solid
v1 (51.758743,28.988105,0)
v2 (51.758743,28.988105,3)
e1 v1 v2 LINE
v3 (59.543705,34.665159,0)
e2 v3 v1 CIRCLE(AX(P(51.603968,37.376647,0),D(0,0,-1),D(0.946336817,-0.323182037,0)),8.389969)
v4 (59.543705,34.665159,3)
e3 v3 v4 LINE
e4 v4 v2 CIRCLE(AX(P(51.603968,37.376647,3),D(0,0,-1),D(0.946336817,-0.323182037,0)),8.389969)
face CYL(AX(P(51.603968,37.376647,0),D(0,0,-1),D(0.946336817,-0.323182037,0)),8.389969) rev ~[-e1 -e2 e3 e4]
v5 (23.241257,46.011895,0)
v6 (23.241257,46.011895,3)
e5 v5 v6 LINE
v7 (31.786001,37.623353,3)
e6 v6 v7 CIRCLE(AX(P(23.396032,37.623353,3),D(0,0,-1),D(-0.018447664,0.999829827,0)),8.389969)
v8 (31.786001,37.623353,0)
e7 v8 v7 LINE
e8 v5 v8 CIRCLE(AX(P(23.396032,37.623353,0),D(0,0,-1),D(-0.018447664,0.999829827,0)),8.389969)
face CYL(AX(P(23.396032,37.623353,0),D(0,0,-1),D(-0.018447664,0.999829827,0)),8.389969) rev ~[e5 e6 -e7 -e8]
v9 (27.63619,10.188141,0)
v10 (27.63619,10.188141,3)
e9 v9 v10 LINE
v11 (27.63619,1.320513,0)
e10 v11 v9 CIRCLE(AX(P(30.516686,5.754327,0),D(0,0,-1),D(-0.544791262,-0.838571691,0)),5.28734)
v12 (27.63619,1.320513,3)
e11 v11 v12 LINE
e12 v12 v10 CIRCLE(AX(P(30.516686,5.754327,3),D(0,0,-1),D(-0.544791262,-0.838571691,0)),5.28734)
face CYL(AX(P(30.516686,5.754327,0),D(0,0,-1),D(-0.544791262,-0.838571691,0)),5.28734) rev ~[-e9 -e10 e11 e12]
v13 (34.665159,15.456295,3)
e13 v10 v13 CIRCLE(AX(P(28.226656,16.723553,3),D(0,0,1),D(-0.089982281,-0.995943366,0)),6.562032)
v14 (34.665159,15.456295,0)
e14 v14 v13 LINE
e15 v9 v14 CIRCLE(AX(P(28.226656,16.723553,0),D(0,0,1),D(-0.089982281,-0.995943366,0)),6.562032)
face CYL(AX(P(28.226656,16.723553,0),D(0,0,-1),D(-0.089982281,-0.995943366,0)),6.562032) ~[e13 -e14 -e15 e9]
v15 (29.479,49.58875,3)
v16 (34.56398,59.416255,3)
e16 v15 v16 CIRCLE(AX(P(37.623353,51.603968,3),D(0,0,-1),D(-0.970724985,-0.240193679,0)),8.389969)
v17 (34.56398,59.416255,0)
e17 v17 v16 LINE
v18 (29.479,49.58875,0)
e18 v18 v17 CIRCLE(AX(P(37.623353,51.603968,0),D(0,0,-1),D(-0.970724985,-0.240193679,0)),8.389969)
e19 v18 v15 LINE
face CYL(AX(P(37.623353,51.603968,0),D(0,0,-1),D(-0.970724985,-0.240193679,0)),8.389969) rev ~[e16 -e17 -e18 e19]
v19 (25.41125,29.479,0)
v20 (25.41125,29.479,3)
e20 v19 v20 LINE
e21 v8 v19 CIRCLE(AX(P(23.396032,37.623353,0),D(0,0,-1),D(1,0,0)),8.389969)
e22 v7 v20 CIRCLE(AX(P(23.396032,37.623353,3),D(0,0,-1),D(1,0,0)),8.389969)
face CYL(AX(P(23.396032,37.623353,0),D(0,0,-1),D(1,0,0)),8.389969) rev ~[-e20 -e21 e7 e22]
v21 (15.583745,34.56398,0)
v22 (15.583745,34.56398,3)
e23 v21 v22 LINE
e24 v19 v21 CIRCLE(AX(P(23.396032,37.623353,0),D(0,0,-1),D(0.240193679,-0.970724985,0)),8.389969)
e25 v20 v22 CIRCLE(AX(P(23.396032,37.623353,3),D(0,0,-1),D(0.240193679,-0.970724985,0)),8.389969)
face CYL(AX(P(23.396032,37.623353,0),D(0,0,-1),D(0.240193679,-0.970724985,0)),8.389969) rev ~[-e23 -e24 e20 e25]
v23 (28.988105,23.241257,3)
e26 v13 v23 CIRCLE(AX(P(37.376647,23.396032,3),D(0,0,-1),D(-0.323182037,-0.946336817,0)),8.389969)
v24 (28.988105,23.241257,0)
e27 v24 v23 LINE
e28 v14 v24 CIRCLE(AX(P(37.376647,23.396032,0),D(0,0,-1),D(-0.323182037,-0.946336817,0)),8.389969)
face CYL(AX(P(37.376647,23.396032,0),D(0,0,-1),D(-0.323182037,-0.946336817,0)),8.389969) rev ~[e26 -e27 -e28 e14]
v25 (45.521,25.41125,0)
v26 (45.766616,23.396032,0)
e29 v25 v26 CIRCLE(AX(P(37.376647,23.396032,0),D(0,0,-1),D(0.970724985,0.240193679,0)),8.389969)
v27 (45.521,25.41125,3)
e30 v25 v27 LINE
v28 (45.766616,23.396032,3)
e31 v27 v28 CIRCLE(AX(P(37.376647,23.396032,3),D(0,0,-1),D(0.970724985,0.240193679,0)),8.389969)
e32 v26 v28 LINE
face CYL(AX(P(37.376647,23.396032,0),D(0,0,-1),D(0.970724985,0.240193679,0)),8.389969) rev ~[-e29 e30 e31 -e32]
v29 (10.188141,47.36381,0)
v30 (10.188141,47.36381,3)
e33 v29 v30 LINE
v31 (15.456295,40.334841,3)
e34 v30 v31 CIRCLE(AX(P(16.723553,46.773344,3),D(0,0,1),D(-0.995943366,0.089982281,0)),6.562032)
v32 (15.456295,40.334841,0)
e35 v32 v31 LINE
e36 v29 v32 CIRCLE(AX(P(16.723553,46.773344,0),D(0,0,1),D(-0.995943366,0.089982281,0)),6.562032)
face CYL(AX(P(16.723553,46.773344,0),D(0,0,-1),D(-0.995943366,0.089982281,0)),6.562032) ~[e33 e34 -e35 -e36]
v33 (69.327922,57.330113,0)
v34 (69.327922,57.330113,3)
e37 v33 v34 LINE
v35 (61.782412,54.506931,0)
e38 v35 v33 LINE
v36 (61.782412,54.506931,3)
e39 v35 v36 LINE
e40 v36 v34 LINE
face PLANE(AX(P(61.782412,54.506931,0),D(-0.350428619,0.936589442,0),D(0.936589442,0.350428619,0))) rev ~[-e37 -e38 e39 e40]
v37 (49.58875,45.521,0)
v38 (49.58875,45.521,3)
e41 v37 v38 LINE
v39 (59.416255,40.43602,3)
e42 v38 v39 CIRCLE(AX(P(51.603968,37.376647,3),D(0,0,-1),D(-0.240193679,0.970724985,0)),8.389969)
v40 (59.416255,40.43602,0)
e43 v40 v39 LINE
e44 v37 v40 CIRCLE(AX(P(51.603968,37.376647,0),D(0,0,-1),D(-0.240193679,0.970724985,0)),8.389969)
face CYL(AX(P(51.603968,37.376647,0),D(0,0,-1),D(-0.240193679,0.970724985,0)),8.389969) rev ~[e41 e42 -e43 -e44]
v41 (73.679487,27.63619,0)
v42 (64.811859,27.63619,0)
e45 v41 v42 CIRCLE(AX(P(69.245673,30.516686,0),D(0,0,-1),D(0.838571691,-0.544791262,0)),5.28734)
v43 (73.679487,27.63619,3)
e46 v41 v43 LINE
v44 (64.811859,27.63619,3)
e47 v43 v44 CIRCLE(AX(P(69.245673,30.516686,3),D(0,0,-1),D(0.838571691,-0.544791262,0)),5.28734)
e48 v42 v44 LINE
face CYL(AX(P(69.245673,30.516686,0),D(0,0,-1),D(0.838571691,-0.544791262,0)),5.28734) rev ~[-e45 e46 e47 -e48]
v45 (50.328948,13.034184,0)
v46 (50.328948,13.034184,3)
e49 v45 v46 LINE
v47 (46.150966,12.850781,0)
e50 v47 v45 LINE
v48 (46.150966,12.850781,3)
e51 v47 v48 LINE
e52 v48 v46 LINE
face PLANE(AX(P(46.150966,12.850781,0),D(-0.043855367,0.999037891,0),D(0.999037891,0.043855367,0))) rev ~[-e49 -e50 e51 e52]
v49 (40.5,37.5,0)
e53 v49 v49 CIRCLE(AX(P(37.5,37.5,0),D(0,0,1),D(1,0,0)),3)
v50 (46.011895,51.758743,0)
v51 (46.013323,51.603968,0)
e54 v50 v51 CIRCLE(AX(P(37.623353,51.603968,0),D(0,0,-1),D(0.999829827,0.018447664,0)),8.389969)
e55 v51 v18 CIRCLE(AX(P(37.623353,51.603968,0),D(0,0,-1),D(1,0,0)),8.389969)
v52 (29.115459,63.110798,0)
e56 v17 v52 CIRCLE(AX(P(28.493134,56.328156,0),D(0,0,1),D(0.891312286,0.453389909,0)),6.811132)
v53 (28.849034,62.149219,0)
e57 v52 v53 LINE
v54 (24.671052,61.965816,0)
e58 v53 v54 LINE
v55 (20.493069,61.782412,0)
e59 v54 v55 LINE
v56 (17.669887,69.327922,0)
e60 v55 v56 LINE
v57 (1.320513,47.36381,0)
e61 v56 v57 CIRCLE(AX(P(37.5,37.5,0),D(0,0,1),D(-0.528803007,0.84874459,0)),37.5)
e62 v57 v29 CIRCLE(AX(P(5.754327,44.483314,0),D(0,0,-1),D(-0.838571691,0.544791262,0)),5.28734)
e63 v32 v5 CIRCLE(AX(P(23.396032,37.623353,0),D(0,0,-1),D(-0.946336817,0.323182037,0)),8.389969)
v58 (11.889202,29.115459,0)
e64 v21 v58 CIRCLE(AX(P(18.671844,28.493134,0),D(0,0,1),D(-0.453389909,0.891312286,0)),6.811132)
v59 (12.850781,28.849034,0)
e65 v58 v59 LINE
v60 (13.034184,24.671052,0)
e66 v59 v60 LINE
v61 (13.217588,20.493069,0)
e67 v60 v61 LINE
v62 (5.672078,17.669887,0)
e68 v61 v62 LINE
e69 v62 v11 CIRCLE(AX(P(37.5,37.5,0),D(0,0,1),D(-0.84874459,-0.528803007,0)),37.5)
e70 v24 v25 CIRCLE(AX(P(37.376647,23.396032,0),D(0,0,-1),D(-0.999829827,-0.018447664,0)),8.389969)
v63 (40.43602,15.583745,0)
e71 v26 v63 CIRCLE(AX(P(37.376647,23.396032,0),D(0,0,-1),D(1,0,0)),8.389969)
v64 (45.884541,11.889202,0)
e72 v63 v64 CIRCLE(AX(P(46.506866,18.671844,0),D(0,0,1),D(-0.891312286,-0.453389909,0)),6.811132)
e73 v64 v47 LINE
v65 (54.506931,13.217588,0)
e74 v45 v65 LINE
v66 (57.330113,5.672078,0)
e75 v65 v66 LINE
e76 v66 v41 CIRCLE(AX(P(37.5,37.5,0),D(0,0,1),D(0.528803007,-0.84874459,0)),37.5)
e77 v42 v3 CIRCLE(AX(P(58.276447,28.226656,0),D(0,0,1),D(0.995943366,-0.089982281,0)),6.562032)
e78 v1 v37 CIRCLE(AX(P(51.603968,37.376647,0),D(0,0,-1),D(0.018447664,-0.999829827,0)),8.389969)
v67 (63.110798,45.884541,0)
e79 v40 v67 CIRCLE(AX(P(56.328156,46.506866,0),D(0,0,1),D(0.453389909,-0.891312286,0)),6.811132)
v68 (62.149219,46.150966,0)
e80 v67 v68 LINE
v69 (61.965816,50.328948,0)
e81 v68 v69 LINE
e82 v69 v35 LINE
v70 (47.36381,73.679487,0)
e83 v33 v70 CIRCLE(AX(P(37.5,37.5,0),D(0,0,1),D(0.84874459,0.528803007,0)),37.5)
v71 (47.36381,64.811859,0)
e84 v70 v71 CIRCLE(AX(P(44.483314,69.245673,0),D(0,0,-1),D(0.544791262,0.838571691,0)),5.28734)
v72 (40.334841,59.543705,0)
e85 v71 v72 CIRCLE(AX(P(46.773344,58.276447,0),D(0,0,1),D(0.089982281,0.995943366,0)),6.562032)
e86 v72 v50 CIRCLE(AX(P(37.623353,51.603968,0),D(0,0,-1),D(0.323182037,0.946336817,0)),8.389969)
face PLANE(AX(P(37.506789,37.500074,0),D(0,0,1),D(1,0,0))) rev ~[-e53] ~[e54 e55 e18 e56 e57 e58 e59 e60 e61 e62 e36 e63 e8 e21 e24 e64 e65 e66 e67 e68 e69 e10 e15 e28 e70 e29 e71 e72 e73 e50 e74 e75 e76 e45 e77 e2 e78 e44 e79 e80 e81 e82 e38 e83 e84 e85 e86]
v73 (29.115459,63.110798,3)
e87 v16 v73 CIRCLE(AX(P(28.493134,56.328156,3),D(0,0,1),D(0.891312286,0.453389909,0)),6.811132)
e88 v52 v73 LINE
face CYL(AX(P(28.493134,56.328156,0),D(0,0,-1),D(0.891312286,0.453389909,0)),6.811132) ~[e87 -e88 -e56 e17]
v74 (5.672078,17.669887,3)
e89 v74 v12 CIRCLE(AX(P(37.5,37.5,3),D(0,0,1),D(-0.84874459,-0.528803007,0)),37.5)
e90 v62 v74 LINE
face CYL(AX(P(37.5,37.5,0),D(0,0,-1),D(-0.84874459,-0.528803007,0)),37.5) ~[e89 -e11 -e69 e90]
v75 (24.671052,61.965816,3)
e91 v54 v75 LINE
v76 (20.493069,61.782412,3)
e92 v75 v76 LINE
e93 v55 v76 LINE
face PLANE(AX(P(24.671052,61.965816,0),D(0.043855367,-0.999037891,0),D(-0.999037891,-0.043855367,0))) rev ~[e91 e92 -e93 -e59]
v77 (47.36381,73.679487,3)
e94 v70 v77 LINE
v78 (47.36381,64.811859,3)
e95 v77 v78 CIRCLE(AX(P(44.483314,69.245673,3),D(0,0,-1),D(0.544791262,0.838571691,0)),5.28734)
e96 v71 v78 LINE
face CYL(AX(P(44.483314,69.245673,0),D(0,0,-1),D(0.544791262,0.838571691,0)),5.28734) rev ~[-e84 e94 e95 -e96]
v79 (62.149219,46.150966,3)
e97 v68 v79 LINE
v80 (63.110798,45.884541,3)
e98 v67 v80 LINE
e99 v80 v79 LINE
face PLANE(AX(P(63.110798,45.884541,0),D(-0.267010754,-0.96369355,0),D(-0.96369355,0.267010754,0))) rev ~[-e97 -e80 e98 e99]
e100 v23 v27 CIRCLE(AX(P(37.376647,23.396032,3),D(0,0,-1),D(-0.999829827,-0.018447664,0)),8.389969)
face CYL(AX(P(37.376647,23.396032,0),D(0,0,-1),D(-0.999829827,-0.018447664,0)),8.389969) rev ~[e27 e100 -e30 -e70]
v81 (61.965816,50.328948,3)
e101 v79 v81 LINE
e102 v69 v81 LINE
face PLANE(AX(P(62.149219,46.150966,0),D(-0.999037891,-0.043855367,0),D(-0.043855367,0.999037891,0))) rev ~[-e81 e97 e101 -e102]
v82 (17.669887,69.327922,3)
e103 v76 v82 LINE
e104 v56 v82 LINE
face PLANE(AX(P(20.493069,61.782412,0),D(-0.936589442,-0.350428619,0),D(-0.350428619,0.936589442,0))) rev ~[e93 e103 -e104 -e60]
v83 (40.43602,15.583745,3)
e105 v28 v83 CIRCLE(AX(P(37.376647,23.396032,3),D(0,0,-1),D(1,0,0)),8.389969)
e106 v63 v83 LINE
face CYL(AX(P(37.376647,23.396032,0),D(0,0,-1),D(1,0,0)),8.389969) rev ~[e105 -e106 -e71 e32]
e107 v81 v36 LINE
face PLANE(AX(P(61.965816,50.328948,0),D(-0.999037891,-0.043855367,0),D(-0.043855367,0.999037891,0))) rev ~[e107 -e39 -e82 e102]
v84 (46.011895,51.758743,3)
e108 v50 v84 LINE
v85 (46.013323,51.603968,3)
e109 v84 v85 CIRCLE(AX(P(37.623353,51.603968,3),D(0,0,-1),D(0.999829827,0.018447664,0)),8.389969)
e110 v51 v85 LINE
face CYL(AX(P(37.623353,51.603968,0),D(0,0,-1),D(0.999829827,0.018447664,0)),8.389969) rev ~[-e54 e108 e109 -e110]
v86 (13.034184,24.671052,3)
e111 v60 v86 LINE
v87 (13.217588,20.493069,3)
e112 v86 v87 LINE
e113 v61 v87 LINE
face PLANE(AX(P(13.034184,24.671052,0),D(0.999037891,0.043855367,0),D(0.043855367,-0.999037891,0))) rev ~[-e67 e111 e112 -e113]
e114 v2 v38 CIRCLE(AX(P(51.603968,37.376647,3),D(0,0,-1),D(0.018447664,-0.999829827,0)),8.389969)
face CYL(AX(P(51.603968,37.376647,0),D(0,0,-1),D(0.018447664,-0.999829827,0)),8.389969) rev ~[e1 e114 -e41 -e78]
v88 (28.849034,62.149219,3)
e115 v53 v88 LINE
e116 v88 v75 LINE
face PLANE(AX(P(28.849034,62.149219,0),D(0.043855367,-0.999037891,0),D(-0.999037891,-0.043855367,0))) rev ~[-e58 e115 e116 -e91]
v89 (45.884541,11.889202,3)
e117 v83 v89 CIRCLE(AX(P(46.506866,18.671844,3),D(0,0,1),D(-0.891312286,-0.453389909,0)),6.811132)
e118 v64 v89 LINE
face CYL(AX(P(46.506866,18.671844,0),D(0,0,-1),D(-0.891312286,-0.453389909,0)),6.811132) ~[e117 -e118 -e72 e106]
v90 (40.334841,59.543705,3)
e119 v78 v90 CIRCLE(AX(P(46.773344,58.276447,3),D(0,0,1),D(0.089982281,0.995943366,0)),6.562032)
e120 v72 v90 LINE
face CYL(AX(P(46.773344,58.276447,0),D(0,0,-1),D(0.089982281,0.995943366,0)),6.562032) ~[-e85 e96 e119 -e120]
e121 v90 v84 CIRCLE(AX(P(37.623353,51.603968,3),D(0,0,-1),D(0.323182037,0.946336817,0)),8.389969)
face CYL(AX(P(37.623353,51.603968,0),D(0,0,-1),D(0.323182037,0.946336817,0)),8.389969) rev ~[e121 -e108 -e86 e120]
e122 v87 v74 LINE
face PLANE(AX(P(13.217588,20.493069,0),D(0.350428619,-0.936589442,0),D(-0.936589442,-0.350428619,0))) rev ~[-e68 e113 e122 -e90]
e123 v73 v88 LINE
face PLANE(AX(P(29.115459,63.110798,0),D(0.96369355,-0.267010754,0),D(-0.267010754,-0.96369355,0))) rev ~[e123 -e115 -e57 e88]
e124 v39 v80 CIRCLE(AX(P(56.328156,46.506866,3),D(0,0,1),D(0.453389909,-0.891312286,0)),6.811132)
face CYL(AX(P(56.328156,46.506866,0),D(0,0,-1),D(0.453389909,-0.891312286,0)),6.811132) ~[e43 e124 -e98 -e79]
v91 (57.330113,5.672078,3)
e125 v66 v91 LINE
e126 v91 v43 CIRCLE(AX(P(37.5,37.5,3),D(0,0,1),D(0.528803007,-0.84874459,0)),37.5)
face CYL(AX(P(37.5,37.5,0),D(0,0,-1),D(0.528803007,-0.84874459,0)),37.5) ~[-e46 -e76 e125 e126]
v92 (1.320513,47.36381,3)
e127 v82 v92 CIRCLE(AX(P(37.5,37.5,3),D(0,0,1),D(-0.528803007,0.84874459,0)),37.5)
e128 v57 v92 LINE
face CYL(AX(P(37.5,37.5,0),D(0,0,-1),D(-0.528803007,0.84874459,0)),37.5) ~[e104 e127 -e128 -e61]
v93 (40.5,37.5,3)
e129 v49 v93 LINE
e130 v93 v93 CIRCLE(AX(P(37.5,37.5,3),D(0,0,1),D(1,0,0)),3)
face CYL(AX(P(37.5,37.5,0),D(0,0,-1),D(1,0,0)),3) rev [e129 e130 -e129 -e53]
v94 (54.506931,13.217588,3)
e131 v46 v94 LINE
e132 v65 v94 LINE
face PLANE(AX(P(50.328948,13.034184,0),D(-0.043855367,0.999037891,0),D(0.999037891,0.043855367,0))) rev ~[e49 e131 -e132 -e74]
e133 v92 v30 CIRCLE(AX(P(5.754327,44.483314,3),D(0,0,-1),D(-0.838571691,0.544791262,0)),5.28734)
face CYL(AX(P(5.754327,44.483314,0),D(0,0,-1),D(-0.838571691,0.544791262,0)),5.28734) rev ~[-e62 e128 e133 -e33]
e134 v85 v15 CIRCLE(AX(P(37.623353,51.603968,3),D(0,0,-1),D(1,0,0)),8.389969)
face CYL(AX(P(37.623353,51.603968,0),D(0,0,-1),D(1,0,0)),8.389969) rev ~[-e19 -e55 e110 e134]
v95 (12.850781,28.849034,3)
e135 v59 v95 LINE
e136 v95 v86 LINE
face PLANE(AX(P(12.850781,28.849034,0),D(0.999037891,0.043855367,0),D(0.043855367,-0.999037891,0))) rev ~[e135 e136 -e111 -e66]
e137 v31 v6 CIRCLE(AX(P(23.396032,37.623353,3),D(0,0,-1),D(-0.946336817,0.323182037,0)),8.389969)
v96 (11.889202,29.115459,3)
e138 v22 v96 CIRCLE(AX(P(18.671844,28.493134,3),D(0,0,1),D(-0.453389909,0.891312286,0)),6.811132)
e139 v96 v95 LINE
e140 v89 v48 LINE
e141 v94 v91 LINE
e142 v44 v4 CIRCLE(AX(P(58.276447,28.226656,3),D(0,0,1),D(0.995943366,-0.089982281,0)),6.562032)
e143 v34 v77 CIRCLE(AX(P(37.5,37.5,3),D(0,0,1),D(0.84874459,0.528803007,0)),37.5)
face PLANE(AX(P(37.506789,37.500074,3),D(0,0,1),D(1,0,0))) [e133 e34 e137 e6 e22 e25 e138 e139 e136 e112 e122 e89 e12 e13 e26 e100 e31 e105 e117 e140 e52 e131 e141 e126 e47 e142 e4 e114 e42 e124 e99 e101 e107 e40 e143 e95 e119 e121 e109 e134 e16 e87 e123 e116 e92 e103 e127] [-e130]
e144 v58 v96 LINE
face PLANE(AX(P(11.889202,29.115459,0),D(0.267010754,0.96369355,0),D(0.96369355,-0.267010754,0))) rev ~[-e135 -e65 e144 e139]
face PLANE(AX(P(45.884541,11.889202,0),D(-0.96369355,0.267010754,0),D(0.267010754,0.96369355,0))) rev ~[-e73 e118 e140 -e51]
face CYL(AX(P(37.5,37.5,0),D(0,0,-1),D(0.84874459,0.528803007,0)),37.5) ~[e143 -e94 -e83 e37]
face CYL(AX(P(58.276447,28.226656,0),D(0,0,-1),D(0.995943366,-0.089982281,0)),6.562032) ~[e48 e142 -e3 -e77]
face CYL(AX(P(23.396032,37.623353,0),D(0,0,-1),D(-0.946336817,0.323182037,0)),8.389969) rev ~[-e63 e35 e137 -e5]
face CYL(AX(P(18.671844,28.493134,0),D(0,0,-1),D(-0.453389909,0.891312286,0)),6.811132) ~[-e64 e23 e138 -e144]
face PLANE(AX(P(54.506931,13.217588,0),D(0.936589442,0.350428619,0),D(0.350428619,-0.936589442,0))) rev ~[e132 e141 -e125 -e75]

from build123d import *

# Parameters (mm, degrees)
F0_R     = 3
F1_DEPTH = 3


with BuildPart() as f1:
    # F0 (on Top) → F1 (new body)
    with BuildSketch(Plane.XY):
        with BuildLine():
            ThreePointArc((57.3301127781, 5.6720778685), (67.5811295865, 15.1085810454), (73.679486557, 27.6361897588))
            ThreePointArc((73.679486557, 27.6361897588), (69.2456728253, 25.2293463411), (64.8118590936, 27.6361897588))
            ThreePointArc((64.8118590936, 27.6361897588), (63.5273534072, 32.1621670241), (59.5437049903, 34.6651593043))
            ThreePointArc((59.5437049903, 34.6651593043), (56.5473999136, 30.5977037223), (51.7587434047, 28.9881050568))
            ThreePointArc((51.7587434047, 28.9881050568), (43.2853466758, 36.2848022119), (49.588750459, 45.5209996029))
            ThreePointArc((49.588750459, 45.5209996029), (55.4595817481, 44.828212266), (59.4162546646, 40.4360199032))
            ThreePointArc((59.4162546646, 40.4360199032), (61.9654848992, 42.6842952192), (63.1107981169, 45.8845411972))
            Line((63.1107981169, 45.8845411972), (62.1492189347, 46.1509661226))
            Line((62.1492189347, 46.1509661226), (61.9658155367, 50.3289483488))
            Line((61.9658155367, 50.3289483488), (61.7824121386, 54.5069305749))
            Line((61.7824121386, 54.5069305749), (69.3279221315, 57.3301127781))
            ThreePointArc((69.3279221315, 57.3301127781), (59.8914189546, 67.5811295865), (47.3638102412, 73.679486557))
            ThreePointArc((47.3638102412, 73.679486557), (49.7706536589, 69.2456728253), (47.3638102412, 64.8118590936))
            ThreePointArc((47.3638102412, 64.8118590936), (42.8378329759, 63.5273534072), (40.3348406957, 59.5437049903))
            ThreePointArc((40.3348406957, 59.5437049903), (44.4022962777, 56.5473999136), (46.0118949432, 51.7587434047))
            ThreePointArc((46.0118949432, 51.7587434047), (46.012965743, 51.6813590294), (46.0133226864, 51.603968069))
            ThreePointArc((46.0133226864, 51.603968069), (38.6384185061, 43.2756291652), (29.4790003971, 49.588750459))
            ThreePointArc((29.4790003971, 49.588750459), (30.171787734, 55.4595817481), (34.5639800968, 59.4162546646))
            ThreePointArc((34.5639800968, 59.4162546646), (32.3157047808, 61.9654848992), (29.1154588028, 63.1107981169))
            Line((29.1154588028, 63.1107981169), (28.8490338774, 62.1492189347))
            Line((28.8490338774, 62.1492189347), (24.6710516512, 61.9658155367))
            Line((24.6710516512, 61.9658155367), (20.4930694251, 61.7824121386))
            Line((20.4930694251, 61.7824121386), (17.6698872219, 69.3279221315))
            ThreePointArc((17.6698872219, 69.3279221315), (7.4188704135, 59.8914189546), (1.320513443, 47.3638102412))
            ThreePointArc((1.320513443, 47.3638102412), (5.7543271747, 49.7706536589), (10.1881409064, 47.3638102412))
            ThreePointArc((10.1881409064, 47.3638102412), (11.4726465928, 42.8378329759), (15.4562950097, 40.3348406957))
            ThreePointArc((15.4562950097, 40.3348406957), (18.4526000864, 44.4022962777), (23.2412565953, 46.0118949432))
            ThreePointArc((23.2412565953, 46.0118949432), (29.2736601064, 43.6104288236), (31.786001315, 37.6233533025))
            ThreePointArc((31.786001315, 37.6233533025), (30.0028163347, 32.4520878764), (25.411249541, 29.4790003971))
            ThreePointArc((25.411249541, 29.4790003971), (19.5404182519, 30.171787734), (15.5837453354, 34.5639800968))
            ThreePointArc((15.5837453354, 34.5639800968), (13.0345151008, 32.3157047808), (11.8892018831, 29.1154588028))
            Line((11.8892018831, 29.1154588028), (12.8507810653, 28.8490338774))
            Line((12.8507810653, 28.8490338774), (13.0341844633, 24.6710516512))
            Line((13.0341844633, 24.6710516512), (13.2175878614, 20.4930694251))
            Line((13.2175878614, 20.4930694251), (5.6720778685, 17.6698872219))
            ThreePointArc((5.6720778685, 17.6698872219), (15.1085810454, 7.4188704135), (27.6361897588, 1.320513443))
            ThreePointArc((27.6361897588, 1.320513443), (25.2293463411, 5.7543271747), (27.6361897588, 10.1881409064))
            ThreePointArc((27.6361897588, 10.1881409064), (32.1621670241, 11.4726465928), (34.6651593043, 15.4562950097))
            ThreePointArc((34.6651593043, 15.4562950097), (30.5977037223, 18.4526000864), (28.9881050568, 23.2412565953))
            ThreePointArc((28.9881050568, 23.2412565953), (36.2848022119, 31.7146533242), (45.5209996029, 25.411249541))
            ThreePointArc((45.5209996029, 25.411249541), (45.7049856013, 24.4110971346), (45.7666160814, 23.396031931))
            ThreePointArc((45.7666160814, 23.396031931), (44.3070014429, 18.6672086771), (40.4360199032, 15.5837453354))
            ThreePointArc((40.4360199032, 15.5837453354), (42.6842952192, 13.0345151008), (45.8845411972, 11.8892018831))
            Line((45.8845411972, 11.8892018831), (46.1509661226, 12.8507810653))
            Line((46.1509661226, 12.8507810653), (50.3289483488, 13.0341844633))
            Line((50.3289483488, 13.0341844633), (54.5069305749, 13.2175878614))
            Line((54.5069305749, 13.2175878614), (57.3301127781, 5.6720778685))
        make_face()
        with Locations((37.5, 37.5)):
            Circle(F0_R, mode=Mode.SUBTRACT)
    extrude(amount=F1_DEPTH)


solid = f1.part
